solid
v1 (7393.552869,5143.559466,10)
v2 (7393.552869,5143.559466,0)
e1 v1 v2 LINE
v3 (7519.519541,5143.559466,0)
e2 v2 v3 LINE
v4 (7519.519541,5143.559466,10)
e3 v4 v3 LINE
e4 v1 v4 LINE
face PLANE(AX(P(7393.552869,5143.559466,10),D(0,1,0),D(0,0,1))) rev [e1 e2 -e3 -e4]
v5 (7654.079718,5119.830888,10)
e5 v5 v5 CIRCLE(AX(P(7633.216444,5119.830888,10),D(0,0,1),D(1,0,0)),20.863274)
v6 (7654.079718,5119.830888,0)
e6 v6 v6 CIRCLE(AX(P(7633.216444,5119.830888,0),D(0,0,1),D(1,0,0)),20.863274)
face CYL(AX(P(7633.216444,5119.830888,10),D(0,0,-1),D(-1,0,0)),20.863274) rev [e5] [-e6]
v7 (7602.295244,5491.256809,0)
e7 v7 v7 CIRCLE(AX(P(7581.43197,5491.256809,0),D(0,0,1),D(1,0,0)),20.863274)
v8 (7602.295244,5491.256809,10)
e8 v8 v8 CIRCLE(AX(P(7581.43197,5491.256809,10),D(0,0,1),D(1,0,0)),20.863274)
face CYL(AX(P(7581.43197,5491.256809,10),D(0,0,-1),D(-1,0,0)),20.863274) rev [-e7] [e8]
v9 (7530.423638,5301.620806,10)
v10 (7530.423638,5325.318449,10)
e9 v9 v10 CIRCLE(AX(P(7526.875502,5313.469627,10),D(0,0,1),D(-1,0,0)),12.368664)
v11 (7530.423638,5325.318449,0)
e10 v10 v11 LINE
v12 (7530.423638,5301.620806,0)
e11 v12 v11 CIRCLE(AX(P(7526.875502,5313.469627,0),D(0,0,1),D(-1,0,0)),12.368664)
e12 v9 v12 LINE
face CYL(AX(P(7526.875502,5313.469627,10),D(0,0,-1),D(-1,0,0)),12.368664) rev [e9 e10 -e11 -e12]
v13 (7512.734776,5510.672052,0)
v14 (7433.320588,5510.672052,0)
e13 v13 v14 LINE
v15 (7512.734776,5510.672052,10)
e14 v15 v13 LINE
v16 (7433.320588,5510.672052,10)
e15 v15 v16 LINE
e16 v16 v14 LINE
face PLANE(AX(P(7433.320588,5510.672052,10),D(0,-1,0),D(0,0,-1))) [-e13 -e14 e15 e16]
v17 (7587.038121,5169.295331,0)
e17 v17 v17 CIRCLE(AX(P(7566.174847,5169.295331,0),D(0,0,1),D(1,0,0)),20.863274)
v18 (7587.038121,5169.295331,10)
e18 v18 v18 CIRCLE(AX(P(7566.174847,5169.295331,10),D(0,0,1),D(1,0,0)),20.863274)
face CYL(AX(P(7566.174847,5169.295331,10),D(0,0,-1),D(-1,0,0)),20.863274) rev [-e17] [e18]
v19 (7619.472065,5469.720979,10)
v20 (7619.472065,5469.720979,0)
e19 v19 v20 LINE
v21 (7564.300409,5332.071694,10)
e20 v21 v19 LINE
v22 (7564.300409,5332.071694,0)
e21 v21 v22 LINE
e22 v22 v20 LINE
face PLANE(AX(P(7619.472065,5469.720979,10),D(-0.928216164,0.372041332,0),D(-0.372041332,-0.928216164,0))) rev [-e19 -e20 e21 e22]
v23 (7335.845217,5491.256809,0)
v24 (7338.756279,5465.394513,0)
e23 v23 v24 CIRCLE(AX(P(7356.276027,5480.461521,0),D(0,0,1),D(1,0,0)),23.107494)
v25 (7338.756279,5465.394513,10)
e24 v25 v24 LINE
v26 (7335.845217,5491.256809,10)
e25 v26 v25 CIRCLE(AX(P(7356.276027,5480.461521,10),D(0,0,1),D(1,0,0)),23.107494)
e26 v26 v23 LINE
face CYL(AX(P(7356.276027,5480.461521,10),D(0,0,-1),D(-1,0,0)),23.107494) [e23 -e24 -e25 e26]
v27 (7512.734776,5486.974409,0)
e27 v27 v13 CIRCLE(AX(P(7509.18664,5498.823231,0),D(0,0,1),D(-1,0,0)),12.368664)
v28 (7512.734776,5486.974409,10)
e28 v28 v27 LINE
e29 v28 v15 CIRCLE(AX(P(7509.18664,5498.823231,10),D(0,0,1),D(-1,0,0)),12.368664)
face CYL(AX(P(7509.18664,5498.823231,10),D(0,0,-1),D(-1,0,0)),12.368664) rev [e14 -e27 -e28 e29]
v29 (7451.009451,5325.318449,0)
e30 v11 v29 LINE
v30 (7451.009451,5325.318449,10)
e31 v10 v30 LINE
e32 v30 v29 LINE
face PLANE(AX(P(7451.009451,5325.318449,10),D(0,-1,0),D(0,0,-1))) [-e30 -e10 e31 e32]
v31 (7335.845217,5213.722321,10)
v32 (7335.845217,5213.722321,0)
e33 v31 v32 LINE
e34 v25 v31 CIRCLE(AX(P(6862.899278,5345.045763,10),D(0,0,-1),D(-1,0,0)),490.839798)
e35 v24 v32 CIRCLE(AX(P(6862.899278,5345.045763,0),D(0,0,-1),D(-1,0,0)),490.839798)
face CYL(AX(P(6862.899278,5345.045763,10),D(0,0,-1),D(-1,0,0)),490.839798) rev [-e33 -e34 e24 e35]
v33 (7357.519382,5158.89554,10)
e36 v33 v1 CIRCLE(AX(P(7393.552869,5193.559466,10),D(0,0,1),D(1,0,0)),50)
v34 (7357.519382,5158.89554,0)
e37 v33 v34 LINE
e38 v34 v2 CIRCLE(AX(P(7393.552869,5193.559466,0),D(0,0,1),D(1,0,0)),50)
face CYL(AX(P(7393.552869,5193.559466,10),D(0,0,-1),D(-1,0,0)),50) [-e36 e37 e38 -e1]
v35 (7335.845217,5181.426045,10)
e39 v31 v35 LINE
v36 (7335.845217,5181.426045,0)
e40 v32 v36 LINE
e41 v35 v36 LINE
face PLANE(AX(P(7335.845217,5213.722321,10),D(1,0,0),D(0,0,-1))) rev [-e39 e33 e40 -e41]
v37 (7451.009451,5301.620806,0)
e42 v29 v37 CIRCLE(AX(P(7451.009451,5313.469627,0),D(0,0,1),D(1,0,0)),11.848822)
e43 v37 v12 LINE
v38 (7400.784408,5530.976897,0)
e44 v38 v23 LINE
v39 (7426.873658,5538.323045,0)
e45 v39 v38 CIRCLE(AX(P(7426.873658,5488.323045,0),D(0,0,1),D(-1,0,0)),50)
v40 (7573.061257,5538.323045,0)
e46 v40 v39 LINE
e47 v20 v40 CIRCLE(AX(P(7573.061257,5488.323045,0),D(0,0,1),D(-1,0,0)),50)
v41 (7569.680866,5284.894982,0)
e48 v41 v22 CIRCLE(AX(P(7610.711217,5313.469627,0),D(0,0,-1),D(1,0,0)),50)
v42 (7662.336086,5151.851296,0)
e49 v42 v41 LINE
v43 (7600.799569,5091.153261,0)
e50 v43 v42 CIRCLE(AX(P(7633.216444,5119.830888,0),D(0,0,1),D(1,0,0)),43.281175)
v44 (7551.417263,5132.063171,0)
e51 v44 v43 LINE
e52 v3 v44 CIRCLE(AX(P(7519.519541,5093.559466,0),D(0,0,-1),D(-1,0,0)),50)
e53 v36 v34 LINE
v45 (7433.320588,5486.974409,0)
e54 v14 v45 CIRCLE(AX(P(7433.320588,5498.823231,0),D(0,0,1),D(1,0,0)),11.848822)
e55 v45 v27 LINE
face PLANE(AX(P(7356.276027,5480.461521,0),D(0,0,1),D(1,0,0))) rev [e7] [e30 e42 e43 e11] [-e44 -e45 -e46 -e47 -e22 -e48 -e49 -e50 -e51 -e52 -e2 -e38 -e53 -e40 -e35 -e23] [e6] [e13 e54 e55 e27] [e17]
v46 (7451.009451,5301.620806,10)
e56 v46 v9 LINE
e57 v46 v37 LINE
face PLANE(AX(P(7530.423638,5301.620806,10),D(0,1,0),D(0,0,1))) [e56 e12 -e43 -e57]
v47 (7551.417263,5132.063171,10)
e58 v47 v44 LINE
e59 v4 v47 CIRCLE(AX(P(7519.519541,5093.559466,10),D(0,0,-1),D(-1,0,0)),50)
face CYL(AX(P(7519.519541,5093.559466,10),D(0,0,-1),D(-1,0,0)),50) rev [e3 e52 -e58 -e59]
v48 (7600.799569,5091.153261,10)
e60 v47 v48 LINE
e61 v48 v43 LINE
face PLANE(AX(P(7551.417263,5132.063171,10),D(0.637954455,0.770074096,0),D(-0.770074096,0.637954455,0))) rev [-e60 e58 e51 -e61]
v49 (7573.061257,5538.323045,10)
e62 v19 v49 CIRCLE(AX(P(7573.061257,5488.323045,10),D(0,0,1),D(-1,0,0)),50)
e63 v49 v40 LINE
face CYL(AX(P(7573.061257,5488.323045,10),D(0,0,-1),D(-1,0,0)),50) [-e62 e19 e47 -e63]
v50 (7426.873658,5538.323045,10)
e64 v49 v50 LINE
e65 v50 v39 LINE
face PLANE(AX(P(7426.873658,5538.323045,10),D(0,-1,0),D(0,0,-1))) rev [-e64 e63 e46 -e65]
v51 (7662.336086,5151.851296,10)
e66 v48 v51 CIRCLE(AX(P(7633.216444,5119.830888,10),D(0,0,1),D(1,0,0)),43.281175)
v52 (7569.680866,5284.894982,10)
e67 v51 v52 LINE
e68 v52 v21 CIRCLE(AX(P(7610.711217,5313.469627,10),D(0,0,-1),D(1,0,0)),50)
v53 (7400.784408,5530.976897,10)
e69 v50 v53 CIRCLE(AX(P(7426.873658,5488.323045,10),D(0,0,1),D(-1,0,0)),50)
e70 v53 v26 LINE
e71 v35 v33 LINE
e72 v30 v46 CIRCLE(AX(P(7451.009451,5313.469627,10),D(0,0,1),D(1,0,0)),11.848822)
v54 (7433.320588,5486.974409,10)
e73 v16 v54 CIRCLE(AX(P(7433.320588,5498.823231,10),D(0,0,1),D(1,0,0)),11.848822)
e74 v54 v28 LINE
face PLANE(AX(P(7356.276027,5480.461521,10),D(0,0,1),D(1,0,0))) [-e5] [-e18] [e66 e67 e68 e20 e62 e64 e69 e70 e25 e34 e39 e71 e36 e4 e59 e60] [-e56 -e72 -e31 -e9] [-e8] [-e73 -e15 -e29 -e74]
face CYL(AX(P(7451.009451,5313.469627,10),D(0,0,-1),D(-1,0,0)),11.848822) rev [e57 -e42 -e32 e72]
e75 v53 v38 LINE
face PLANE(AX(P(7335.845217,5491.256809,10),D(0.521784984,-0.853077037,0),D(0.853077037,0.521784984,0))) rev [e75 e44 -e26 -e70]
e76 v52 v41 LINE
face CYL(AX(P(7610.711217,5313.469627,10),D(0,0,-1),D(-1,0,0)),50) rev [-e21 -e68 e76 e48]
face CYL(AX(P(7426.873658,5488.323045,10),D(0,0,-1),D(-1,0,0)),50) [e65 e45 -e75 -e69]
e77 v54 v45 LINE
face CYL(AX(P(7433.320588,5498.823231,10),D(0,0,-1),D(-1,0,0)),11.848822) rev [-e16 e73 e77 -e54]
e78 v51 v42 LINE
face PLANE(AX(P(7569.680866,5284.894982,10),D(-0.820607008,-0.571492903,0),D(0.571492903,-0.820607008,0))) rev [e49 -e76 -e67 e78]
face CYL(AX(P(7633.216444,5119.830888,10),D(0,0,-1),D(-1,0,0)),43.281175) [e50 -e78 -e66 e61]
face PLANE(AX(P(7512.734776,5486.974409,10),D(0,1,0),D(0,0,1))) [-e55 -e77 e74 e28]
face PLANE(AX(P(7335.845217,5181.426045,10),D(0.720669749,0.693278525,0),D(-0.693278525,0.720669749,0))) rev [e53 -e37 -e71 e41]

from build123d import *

# Parameters (mm, degrees)
ESBO_O1_R                = 20.863274014
RESSALTO_EXTRUS_O1_DEPTH = 10


with BuildPart() as part:
    # Esboço1 → Ressalto-extrusão1 (new body)
    with BuildSketch(Plane.XY):
        with BuildLine():
            Line((7335.845216731, 5491.256809223), (7400.784408374, 5530.976897315))
            ThreePointArc((7400.784408374, 5530.976897315), (7413.321768246, 5536.451480894), (7426.873657559, 5538.323045473))
            Line((7426.873657559, 5538.323045473), (7573.061256946, 5538.323045473))
            ThreePointArc((7573.061256946, 5538.323045473), (7614.474439212, 5516.339974903), (7619.472065145, 5469.720978859))
            Line((7619.472065145, 5469.720978859), (7564.300408584, 5332.071693766))
            ThreePointArc((7564.300408584, 5332.071693766), (7561.033258012, 5307.80390458), (7569.680866385, 5284.894981989))
            Line((7569.680866385, 5284.894981989), (7662.336085762, 5151.851296041))
            ThreePointArc((7662.336085762, 5151.851296041), (7663.61020686, 5089.017265945), (7600.799568851, 5091.153261173))
            Line((7600.799568851, 5091.153261173), (7551.417263378, 5132.063170982))
            ThreePointArc((7551.417263378, 5132.063170982), (7536.472634142, 5140.597670031), (7519.519540605, 5143.559466201))
            Line((7519.519540605, 5143.559466201), (7393.552869473, 5143.559466201))
            ThreePointArc((7393.552869473, 5143.559466201), (7373.972219734, 5147.552964967), (7357.519382018, 5158.895539969))
            Line((7357.519382018, 5158.895539969), (7335.845216731, 5181.426044959))
            Line((7335.845216731, 5181.426044959), (7335.845216731, 5213.722321046))
            ThreePointArc((7335.845216731, 5213.722321046), (7353.706243942, 5339.368656723), (7338.756279232, 5465.394513266))
            ThreePointArc((7338.756279232, 5465.394513266), (7333.313540231, 5477.876860759), (7335.845216731, 5491.256809223))
        make_face()
        with Locations((7566.174846652, 5169.295330687)):
            Circle(ESBO_O1_R, mode=Mode.SUBTRACT)
        with Locations((7633.216444383, 5119.830887551)):
            Circle(ESBO_O1_R, mode=Mode.SUBTRACT)
        with Locations((7581.43197041, 5491.256809223)):
            Circle(ESBO_O1_R, mode=Mode.SUBTRACT)
        with BuildLine():
            Line((7512.734775832, 5486.974409199), (7433.320588265, 5486.974409199))
            ThreePointArc((7433.320588265, 5486.974409199), (7421.471766691, 5498.823230773), (7433.320588265, 5510.672052347))
            Line((7433.320588265, 5510.672052347), (7512.734775832, 5510.672052347))
            ThreePointArc((7512.734775832, 5510.672052347), (7521.55530344, 5498.823230773), (7512.734775832, 5486.974409199))
        make_face(mode=Mode.SUBTRACT)
        with BuildLine():
            Line((7530.423638246, 5301.620805578), (7451.009450679, 5301.620805578))
            ThreePointArc((7451.009450679, 5301.620805578), (7439.160629105, 5313.469627152), (7451.009450679, 5325.318448726))
            Line((7451.009450679, 5325.318448726), (7530.423638246, 5325.318448726))
            ThreePointArc((7530.423638246, 5325.318448726), (7539.244165855, 5313.469627152), (7530.423638246, 5301.620805578))
        make_face(mode=Mode.SUBTRACT)
    extrude(amount=RESSALTO_EXTRUS_O1_DEPTH)


solid = part.part
